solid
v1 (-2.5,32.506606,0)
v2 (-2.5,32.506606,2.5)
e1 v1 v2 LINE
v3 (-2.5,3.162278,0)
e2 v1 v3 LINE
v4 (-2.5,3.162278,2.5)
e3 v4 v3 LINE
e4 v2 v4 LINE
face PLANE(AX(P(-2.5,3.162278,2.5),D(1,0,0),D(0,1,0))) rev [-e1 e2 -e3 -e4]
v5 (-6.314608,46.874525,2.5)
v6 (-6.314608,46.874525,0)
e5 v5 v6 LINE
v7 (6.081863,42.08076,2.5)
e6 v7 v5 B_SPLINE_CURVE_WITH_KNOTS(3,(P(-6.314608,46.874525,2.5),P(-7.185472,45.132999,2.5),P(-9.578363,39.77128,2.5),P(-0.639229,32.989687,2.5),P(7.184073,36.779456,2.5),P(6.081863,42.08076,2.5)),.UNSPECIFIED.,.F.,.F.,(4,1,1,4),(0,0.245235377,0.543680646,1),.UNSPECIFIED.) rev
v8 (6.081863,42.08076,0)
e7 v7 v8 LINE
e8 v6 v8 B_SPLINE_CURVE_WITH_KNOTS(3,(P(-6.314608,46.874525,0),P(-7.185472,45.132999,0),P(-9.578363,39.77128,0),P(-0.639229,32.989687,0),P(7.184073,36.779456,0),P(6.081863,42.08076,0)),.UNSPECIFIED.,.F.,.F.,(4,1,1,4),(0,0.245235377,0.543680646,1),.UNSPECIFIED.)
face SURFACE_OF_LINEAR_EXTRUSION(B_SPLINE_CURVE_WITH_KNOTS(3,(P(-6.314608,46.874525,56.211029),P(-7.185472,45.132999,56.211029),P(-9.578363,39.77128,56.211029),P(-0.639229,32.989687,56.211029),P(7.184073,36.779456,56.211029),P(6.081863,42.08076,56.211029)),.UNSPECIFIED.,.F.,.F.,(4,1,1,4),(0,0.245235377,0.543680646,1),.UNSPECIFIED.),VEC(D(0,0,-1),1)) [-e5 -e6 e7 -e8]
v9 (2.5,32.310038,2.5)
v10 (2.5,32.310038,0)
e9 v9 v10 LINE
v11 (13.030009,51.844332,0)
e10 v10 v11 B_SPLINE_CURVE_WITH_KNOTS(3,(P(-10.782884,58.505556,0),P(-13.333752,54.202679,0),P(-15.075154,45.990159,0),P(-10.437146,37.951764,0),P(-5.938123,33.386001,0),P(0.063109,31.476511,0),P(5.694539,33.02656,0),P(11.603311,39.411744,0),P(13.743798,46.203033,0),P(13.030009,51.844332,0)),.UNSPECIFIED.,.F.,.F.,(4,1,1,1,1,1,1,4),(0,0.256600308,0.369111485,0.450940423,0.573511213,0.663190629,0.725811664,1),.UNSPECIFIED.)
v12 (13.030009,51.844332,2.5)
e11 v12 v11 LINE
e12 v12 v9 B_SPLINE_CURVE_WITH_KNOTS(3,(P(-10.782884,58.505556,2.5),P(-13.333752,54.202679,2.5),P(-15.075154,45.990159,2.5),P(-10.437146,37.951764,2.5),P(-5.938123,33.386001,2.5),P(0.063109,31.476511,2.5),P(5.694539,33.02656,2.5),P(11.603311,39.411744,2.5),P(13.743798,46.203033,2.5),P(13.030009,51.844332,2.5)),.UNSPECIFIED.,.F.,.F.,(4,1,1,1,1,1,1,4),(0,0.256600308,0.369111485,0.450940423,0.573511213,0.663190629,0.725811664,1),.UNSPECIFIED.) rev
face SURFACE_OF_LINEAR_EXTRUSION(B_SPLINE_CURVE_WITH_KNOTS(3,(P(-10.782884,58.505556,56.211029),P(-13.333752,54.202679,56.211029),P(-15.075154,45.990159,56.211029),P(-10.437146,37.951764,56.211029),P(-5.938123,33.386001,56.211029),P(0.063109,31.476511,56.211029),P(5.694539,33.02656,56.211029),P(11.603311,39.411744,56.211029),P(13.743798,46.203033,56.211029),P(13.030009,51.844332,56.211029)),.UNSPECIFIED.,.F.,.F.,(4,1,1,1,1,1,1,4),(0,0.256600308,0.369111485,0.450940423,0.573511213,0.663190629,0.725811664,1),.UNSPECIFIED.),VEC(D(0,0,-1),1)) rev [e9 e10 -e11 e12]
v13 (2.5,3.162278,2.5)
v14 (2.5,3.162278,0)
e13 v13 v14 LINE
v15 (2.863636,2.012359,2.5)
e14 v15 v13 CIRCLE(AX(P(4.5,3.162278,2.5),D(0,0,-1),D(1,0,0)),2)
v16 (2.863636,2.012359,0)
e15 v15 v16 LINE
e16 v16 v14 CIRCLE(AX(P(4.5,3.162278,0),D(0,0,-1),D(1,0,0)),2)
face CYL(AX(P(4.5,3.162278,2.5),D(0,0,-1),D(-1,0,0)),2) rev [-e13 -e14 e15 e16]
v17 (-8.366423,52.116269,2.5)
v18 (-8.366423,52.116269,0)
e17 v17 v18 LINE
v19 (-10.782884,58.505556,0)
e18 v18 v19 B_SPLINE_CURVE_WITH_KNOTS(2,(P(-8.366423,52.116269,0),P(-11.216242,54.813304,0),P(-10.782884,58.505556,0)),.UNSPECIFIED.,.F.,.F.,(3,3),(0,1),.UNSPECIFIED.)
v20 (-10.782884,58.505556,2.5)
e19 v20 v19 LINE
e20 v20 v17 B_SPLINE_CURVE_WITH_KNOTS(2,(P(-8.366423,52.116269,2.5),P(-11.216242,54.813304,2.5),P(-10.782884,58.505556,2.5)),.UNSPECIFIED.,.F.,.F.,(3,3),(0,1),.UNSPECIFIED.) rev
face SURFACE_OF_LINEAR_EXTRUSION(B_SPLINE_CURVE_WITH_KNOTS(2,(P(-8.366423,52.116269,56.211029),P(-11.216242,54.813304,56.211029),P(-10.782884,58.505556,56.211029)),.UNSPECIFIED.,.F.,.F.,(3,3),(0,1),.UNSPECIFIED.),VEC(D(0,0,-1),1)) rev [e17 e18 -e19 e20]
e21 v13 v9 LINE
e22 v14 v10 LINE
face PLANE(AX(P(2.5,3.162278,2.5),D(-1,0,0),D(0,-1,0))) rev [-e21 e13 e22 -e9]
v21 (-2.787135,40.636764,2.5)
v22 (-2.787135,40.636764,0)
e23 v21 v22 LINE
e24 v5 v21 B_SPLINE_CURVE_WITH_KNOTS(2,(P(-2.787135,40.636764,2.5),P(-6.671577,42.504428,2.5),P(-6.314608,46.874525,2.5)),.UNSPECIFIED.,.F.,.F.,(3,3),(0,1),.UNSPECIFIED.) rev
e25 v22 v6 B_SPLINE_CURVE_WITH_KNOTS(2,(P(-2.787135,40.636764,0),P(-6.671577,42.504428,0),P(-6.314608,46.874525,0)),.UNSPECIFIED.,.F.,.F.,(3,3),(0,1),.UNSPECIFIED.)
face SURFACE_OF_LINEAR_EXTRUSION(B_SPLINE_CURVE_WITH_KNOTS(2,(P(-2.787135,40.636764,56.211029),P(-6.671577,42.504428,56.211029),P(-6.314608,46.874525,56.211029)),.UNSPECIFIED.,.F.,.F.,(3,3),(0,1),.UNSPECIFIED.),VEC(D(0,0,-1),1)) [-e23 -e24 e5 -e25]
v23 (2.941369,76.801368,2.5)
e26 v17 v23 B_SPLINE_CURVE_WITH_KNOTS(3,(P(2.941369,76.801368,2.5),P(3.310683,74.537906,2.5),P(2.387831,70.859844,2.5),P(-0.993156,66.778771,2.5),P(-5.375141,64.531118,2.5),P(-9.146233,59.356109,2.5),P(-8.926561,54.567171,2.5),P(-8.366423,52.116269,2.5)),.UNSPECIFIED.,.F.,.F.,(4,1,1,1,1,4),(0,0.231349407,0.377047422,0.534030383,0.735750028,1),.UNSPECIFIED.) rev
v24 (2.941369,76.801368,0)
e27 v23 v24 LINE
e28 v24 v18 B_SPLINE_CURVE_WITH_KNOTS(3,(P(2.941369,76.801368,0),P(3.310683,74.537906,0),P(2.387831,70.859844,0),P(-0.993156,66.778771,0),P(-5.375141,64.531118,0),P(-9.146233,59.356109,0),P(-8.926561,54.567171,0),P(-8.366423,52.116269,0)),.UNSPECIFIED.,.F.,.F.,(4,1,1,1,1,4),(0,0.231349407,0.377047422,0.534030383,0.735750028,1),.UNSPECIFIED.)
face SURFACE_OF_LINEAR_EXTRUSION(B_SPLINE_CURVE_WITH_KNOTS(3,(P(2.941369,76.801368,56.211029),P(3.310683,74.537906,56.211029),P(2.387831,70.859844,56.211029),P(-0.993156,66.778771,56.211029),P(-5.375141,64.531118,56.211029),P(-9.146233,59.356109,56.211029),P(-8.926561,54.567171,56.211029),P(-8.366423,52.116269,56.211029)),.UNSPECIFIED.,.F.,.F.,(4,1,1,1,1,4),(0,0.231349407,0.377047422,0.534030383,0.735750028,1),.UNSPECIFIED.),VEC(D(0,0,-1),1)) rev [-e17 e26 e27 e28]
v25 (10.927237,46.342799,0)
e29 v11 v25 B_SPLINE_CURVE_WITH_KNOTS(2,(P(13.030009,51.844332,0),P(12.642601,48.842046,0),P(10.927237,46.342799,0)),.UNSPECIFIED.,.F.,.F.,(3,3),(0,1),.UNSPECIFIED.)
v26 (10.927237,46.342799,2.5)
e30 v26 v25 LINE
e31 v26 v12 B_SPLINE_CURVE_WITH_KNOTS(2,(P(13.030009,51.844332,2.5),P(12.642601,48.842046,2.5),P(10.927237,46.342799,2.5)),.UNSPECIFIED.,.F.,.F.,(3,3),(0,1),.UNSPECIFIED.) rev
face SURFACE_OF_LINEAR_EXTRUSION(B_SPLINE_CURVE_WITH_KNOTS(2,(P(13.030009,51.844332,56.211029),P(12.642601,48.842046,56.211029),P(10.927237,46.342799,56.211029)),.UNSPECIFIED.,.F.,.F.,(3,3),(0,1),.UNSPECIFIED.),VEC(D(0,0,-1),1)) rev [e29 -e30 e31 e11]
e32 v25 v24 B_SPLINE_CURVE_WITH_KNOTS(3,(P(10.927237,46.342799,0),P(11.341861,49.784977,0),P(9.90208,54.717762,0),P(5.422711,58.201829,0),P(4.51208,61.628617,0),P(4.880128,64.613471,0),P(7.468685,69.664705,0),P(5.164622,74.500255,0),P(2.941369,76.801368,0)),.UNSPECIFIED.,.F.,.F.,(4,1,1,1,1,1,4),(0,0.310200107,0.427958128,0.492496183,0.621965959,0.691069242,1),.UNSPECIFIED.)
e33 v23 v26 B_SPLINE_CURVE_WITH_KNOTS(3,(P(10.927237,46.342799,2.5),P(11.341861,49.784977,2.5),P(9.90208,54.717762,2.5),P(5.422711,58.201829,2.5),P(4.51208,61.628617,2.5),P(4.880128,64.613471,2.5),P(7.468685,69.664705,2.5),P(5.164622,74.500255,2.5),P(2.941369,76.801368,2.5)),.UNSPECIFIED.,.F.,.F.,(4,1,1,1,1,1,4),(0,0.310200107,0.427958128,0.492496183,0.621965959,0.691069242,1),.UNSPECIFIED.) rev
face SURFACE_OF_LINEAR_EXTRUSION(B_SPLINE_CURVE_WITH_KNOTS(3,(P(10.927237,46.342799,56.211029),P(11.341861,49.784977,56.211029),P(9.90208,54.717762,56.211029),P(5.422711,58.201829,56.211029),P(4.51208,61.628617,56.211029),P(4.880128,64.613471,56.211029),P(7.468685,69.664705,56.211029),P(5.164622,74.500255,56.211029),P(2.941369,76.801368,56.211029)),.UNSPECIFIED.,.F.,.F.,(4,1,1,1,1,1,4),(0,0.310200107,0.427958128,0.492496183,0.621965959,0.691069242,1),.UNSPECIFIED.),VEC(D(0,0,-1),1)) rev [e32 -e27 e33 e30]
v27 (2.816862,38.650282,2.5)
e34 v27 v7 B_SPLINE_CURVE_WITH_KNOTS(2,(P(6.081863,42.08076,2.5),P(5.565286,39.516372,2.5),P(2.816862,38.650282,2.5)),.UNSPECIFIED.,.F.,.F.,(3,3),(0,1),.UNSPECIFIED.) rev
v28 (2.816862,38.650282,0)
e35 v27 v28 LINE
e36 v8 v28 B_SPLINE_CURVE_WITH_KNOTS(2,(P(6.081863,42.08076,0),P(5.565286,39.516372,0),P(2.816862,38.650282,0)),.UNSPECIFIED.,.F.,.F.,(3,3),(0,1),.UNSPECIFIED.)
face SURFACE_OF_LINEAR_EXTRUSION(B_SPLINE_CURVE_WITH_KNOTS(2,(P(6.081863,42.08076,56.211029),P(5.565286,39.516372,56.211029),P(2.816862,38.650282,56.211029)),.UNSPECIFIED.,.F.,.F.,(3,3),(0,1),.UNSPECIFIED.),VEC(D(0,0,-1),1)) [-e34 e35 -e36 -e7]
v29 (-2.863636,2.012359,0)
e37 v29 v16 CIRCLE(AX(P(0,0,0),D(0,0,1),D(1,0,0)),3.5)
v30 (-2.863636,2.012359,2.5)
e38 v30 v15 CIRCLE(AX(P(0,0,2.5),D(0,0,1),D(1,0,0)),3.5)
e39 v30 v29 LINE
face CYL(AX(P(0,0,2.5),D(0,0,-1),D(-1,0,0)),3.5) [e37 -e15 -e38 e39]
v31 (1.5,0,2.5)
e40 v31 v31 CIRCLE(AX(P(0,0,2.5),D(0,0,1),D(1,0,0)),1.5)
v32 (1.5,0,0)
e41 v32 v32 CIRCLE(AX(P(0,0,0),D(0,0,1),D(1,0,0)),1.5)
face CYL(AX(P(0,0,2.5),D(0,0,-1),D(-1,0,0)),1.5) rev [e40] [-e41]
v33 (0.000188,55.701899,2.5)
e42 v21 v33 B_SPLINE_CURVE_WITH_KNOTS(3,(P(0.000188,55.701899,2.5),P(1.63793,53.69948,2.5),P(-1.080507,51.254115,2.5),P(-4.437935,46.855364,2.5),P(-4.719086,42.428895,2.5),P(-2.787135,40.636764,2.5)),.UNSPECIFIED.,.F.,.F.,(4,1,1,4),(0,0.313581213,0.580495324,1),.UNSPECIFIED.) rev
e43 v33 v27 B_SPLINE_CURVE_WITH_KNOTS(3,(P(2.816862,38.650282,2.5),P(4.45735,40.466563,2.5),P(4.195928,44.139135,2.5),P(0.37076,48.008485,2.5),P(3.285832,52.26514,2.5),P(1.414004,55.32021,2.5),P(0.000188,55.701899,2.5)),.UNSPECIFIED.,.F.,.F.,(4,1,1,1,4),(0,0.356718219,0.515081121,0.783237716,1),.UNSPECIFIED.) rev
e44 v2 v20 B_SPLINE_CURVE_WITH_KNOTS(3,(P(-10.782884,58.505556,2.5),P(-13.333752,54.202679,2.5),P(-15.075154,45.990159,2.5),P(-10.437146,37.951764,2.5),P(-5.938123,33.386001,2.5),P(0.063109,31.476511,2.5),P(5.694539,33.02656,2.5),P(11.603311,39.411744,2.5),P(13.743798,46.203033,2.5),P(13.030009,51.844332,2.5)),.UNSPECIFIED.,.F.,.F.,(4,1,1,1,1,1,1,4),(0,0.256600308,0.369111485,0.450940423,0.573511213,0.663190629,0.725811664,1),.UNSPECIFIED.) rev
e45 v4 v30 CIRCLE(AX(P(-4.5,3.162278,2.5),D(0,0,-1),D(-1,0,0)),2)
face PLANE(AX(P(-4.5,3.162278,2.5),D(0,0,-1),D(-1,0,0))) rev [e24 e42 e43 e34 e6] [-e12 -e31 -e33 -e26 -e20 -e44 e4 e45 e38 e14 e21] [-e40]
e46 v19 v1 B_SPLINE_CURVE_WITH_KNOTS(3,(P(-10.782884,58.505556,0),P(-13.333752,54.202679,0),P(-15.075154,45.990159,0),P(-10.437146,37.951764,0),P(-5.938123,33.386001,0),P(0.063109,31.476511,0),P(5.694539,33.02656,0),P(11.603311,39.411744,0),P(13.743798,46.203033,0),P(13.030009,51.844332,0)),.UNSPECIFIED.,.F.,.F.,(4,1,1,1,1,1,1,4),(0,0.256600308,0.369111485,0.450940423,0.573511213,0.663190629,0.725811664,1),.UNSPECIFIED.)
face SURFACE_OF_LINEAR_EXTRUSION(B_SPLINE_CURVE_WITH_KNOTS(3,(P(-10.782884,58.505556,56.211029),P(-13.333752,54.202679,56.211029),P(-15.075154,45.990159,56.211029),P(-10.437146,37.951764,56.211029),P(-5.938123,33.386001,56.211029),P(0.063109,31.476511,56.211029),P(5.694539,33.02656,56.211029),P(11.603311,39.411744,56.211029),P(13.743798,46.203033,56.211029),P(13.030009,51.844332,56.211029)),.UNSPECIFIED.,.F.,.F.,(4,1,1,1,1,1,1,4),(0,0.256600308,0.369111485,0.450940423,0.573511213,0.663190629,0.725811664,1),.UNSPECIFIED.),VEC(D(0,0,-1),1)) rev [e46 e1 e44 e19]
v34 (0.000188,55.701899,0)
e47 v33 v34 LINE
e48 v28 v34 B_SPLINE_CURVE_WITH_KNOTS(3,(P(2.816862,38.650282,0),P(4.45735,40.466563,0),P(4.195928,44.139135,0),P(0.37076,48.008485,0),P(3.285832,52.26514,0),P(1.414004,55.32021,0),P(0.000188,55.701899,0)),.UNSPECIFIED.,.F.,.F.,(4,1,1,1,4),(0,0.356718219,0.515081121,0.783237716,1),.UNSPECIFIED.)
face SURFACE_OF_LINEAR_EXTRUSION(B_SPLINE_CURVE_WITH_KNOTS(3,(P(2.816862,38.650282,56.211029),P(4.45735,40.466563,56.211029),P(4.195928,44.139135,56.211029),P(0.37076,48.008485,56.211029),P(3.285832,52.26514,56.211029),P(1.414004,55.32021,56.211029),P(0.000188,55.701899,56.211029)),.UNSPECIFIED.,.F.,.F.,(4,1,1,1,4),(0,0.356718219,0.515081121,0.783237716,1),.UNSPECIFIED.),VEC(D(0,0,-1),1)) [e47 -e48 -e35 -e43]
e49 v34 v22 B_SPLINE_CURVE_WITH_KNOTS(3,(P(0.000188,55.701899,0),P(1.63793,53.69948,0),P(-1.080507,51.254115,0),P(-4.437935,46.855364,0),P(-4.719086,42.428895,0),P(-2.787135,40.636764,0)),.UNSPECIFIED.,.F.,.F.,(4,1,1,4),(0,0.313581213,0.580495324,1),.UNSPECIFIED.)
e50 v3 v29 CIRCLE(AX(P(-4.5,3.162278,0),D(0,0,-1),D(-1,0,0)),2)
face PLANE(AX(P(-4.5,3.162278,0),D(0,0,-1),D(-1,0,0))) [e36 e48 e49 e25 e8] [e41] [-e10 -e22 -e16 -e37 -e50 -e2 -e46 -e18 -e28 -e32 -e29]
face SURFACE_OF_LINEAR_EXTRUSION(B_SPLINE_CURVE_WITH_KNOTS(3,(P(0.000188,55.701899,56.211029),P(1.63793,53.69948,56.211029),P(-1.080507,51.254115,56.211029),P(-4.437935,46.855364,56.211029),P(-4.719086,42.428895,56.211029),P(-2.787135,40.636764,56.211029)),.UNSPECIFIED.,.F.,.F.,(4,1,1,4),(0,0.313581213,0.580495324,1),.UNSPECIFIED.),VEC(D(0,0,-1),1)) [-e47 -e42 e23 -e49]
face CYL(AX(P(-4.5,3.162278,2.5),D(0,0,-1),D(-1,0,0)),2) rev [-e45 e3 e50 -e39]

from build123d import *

# Parameters (mm, degrees)
SKETCH_1_R      = 1.5
EXTRUDE_1_DEPTH = 2.5
EXTRUDE_2_DEPTH = 2.5


with BuildPart() as part:
    # 草图1 → 凸台-拉伸1 (new body)
    with BuildSketch(Plane.XY):
        with BuildLine():
            Line((-2.5, 3.16227766), (-2.5, 33.16227766))
            Line((-2.5, 33.16227766), (2.5, 33.16227766))
            Line((2.5, 33.16227766), (2.5, 3.16227766))
            ThreePointArc((2.5, 3.16227766), (2.593074822, 2.559254971), (2.863636364, 2.012358511))
            ThreePointArc((2.863636364, 2.012358511), (0, -3.5), (-2.863636364, 2.012358511))
            ThreePointArc((-2.863636364, 2.012358511), (-2.593074822, 2.559254971), (-2.5, 3.16227766))
        make_face()
        Circle(SKETCH_1_R, mode=Mode.SUBTRACT)
    extrude(amount=EXTRUDE_1_DEPTH)

    # 草图3 → 凸台-拉伸2 (add)
    with BuildSketch(Plane.XY):
        with BuildLine():
            add(Edge.make_bspline(
                [(13.030008627, 51.844332221), (13.74379778, 46.20303282), (11.603311076, 39.411743555), (5.694539009, 33.026560377), (0.06310906, 31.476510815), (-5.938123223, 33.386001235), (-10.437145597, 37.95176441), (-15.075154039, 45.990158866), (-13.333751605, 54.20267923), (-10.782884431, 58.505555606)],
                knots=[0, 0, 0, 0, 0.274188336, 0.336809371, 0.426488787, 0.549059577, 0.630888515, 0.743399692, 1, 1, 1, 1], degree=3))
            add(Edge.make_bspline(
                [(-10.782884431, 58.505555606), (-11.216241735, 54.813303601), (-8.366423312, 52.116268581)],
                knots=[0, 0, 0, 1, 1, 1], degree=2))
            add(Edge.make_bspline(
                [(-8.366423312, 52.116268581), (-8.926561192, 54.567170602), (-9.14623331, 59.356108625), (-5.375140908, 64.531118053), (-0.993155908, 66.778771451), (2.387830751, 70.859843716), (3.310682538, 74.537905882), (2.941368858, 76.801367622)],
                knots=[0, 0, 0, 0, 0.264249972, 0.465969617, 0.622952578, 0.768650593, 1, 1, 1, 1], degree=3))
            add(Edge.make_bspline(
                [(2.941368858, 76.801367622), (5.164622483, 74.500255208), (7.468684604, 69.664705034), (4.880128248, 64.613471092), (4.512079656, 61.628617008), (5.422711445, 58.201828704), (9.902080446, 54.717761781), (11.341860507, 49.784976586), (10.927237278, 46.342799268)],
                knots=[0, 0, 0, 0, 0.308930758, 0.378034041, 0.507503817, 0.572041872, 0.689799893, 1, 1, 1, 1], degree=3))
            add(Edge.make_bspline(
                [(10.927237278, 46.342799268), (12.642600648, 48.842046286), (13.030008627, 51.844332221)],
                knots=[0, 0, 0, 1, 1, 1], degree=2))
        make_face()
        with BuildLine():
            add(Edge.make_bspline(
                [(-6.314607616, 46.874525086), (-7.185471605, 45.132998982), (-9.578363226, 39.771279985), (-0.639228761, 32.989686689), (7.184073348, 36.77945643), (6.081863089, 42.080759749)],
                knots=[0, 0, 0, 0, 0.245235377, 0.543680646, 1, 1, 1, 1], degree=3))
            add(Edge.make_bspline(
                [(6.081863089, 42.080759749), (5.565285886, 39.516371923), (2.816862005, 38.650282124)],
                knots=[0, 0, 0, 1, 1, 1], degree=2))
            add(Edge.make_bspline(
                [(2.816862005, 38.650282124), (4.457350443, 40.466562823), (4.195927725, 44.139134684), (0.370759673, 48.008484784), (3.285831901, 52.265139808), (1.414003937, 55.320210325), (0.000188371, 55.70189907)],
                knots=[0, 0, 0, 0, 0.356718219, 0.515081121, 0.783237716, 1, 1, 1, 1], degree=3))
            add(Edge.make_bspline(
                [(0.000188371, 55.70189907), (1.637930063, 53.699479573), (-1.080507308, 51.254114838), (-4.437935186, 46.855363752), (-4.719085804, 42.428895259), (-2.787135359, 40.636763739)],
                knots=[0, 0, 0, 0, 0.313581213, 0.580495324, 1, 1, 1, 1], degree=3))
            add(Edge.make_bspline(
                [(-6.314607616, 46.874525086), (-6.671577447, 42.504428303), (-2.787135359, 40.636763739)],
                knots=[0, 0, 0, 1, 1, 1], degree=2))
        make_face(mode=Mode.SUBTRACT)
    extrude(amount=EXTRUDE_2_DEPTH)


solid = part.part
